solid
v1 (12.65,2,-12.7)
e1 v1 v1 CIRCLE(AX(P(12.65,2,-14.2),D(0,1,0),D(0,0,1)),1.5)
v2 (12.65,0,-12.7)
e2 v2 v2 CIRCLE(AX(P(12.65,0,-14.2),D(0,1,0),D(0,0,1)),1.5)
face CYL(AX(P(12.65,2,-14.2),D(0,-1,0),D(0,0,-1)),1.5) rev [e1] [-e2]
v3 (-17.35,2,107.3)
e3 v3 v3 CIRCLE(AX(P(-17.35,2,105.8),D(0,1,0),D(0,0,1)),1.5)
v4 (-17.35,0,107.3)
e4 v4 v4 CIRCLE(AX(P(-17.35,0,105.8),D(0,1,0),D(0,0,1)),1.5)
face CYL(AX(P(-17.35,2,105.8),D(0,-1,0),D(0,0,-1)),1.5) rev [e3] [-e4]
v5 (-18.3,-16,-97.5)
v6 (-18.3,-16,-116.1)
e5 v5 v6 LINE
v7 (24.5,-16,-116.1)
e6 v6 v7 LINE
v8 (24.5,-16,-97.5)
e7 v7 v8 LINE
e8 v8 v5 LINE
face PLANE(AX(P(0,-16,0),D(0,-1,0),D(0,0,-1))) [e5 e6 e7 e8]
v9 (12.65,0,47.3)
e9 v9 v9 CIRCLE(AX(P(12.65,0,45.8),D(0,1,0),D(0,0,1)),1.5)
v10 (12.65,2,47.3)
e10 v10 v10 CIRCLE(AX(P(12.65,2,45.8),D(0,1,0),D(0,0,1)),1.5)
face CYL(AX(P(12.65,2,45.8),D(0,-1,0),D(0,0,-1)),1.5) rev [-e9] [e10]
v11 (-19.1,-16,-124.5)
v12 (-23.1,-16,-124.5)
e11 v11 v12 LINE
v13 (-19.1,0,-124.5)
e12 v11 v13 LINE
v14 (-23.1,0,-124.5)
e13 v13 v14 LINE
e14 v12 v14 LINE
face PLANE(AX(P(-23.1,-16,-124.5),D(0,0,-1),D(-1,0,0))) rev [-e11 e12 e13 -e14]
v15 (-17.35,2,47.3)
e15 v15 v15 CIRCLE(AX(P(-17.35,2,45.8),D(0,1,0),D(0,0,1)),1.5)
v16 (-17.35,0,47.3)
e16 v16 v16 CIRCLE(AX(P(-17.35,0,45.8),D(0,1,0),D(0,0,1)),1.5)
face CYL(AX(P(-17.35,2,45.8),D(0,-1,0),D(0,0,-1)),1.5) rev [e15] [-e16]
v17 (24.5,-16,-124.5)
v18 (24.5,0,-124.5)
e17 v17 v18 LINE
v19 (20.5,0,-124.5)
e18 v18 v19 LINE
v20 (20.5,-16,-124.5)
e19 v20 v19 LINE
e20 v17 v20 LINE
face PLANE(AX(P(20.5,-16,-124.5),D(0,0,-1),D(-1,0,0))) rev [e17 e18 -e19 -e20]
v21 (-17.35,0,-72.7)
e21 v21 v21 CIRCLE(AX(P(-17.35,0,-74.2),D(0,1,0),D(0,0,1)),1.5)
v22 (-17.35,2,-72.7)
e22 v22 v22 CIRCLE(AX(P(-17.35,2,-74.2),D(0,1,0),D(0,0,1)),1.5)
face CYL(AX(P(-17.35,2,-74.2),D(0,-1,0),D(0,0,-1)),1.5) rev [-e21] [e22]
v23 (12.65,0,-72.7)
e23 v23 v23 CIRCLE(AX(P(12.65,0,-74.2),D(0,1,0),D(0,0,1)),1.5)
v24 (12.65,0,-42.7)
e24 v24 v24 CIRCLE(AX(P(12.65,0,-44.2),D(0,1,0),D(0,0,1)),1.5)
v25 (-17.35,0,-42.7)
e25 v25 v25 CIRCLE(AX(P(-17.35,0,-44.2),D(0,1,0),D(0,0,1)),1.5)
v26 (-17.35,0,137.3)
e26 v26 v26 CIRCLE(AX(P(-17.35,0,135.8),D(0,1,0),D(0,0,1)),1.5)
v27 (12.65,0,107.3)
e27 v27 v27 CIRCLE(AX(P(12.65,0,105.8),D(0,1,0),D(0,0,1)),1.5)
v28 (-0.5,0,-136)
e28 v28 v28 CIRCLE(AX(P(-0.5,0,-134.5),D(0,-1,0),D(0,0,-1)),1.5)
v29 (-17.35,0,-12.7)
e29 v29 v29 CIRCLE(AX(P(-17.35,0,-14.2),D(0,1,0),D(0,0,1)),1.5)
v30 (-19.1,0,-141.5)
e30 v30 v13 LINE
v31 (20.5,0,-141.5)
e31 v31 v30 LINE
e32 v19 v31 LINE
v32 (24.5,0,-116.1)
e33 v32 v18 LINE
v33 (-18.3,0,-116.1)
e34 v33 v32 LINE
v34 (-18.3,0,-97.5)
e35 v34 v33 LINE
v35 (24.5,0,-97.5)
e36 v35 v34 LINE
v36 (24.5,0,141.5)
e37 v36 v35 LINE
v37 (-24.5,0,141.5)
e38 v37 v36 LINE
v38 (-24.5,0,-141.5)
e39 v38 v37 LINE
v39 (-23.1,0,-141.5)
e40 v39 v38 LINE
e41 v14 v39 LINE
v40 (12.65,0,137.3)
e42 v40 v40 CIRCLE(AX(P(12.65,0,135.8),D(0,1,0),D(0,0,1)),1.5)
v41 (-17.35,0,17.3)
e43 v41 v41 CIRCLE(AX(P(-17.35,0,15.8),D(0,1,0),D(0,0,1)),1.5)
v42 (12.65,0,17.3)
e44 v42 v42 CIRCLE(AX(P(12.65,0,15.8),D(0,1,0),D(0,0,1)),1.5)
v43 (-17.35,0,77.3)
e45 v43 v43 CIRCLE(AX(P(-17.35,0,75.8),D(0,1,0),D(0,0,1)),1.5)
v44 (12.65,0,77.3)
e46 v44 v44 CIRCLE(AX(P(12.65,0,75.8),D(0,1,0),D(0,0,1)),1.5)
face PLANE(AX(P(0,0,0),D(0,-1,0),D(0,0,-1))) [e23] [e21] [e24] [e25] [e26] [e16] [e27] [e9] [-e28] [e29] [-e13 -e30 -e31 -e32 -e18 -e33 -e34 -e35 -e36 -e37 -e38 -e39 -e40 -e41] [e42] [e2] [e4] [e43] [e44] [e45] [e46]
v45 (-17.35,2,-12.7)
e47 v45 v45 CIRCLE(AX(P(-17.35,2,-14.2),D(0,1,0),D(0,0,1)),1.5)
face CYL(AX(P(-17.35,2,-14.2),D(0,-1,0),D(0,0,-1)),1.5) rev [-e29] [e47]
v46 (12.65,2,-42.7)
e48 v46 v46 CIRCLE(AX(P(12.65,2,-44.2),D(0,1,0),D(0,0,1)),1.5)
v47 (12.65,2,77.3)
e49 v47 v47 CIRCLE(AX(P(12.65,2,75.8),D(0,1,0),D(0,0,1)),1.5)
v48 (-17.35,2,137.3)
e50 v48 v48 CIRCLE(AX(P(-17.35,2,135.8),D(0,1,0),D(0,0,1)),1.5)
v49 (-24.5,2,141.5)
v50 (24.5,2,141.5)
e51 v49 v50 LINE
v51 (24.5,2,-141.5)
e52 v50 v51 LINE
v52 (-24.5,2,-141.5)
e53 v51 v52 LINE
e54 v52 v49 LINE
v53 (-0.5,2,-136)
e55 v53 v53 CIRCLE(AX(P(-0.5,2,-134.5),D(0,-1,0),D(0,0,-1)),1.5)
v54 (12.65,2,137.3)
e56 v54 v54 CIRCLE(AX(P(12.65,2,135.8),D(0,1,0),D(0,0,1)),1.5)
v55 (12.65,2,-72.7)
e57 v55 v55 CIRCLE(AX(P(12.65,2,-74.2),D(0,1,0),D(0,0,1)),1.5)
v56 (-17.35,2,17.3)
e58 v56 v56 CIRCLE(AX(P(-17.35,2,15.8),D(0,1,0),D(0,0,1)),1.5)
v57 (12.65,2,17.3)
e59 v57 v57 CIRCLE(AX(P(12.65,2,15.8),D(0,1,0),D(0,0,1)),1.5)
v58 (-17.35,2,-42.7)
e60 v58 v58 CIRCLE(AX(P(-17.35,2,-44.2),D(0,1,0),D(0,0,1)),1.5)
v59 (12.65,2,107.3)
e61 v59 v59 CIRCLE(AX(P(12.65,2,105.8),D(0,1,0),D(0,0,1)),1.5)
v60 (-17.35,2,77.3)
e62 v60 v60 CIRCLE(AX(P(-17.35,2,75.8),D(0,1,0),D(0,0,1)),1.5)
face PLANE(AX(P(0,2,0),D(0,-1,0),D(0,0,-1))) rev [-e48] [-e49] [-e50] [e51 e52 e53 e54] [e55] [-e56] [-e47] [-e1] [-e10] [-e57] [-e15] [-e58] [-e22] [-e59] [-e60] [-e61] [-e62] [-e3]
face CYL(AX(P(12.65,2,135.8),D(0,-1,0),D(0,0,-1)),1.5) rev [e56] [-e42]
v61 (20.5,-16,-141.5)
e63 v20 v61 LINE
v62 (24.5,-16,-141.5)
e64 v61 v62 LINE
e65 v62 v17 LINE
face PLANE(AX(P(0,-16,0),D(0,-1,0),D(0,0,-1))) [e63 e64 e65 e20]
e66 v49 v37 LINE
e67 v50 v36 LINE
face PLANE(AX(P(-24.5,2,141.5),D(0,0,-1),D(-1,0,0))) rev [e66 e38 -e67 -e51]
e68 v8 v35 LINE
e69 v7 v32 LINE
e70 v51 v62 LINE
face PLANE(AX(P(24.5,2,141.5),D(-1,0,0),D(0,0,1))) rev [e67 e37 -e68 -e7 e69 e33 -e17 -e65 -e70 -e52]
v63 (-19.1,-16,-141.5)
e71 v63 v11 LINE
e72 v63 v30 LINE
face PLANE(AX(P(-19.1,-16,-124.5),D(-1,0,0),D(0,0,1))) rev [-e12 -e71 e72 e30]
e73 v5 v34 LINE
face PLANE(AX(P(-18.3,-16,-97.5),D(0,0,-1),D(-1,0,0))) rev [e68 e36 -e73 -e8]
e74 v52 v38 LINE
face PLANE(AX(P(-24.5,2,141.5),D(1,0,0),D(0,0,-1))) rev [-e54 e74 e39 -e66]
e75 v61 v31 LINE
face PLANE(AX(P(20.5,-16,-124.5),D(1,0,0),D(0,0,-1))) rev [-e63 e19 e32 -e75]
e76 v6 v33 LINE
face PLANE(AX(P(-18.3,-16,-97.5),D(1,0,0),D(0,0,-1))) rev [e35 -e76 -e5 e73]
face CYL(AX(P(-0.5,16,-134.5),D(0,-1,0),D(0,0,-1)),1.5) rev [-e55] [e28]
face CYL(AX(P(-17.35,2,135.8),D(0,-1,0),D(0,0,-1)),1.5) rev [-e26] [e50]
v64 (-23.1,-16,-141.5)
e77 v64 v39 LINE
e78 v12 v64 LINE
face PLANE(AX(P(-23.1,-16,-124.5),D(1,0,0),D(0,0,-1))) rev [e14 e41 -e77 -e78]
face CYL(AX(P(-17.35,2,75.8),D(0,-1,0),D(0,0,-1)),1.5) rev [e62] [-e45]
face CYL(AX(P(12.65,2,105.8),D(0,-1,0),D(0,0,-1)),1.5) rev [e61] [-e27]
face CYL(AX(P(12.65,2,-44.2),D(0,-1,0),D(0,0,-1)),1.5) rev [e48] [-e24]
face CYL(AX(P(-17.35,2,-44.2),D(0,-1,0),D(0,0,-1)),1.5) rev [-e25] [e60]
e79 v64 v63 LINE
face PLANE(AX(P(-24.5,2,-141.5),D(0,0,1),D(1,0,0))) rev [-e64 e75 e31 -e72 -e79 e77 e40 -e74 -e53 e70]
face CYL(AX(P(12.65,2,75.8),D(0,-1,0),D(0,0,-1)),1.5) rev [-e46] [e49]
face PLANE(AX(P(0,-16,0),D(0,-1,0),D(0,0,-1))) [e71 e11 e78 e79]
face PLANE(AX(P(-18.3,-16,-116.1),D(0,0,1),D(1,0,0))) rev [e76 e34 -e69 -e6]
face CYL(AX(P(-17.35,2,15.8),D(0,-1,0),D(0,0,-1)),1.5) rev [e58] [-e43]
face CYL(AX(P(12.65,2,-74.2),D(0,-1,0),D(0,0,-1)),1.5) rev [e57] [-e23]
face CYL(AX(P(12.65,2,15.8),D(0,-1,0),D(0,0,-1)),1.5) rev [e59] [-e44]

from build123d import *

# Parameters (mm, degrees)
ESQUISSE1_W             = 49
ESQUISSE1_H             = 283
ESQUISSE1_R             = 1.5
BOSS_EXTRU_1_DEPTH      = 2
ESQUISSE2_W             = 42.8
ESQUISSE2_H             = 18.6
ESQUISSE2_W_2           = 4
ESQUISSE2_H_2           = 17
BOSS_EXTRU_2_DEPTH      = 16
ESQUISSE3_R             = 1.5
ENL_V_MAT_EXTRU_1_DEPTH = 16


with BuildPart() as part:
    # Esquisse1 → Boss.-Extru.1 (new body)
    with BuildSketch(Plane(origin=(0, 0, 0), x_dir=(1, 0, 0), z_dir=(0, 1, 0))):
        Rectangle(ESQUISSE1_W, ESQUISSE1_H)
        with Locations((12.65, 74.2)):
            Circle(ESQUISSE1_R, mode=Mode.SUBTRACT)
        with Locations((-17.35, 74.2)):
            Circle(ESQUISSE1_R, mode=Mode.SUBTRACT)
        with Locations((-17.35, 44.2)):
            Circle(ESQUISSE1_R, mode=Mode.SUBTRACT)
        with Locations((-17.35, 14.2)):
            Circle(ESQUISSE1_R, mode=Mode.SUBTRACT)
        with Locations((-17.35, -15.8)):
            Circle(ESQUISSE1_R, mode=Mode.SUBTRACT)
        with Locations((-17.35, -45.8)):
            Circle(ESQUISSE1_R, mode=Mode.SUBTRACT)
        with Locations((-17.35, -75.8)):
            Circle(ESQUISSE1_R, mode=Mode.SUBTRACT)
        with Locations((-17.35, -105.8)):
            Circle(ESQUISSE1_R, mode=Mode.SUBTRACT)
        with Locations((-17.35, -135.8)):
            Circle(ESQUISSE1_R, mode=Mode.SUBTRACT)
        with Locations((12.65, 44.2)):
            Circle(ESQUISSE1_R, mode=Mode.SUBTRACT)
        with Locations((12.65, 14.2)):
            Circle(ESQUISSE1_R, mode=Mode.SUBTRACT)
        with Locations((12.65, -15.8)):
            Circle(ESQUISSE1_R, mode=Mode.SUBTRACT)
        with Locations((12.65, -45.8)):
            Circle(ESQUISSE1_R, mode=Mode.SUBTRACT)
        with Locations((12.65, -75.8)):
            Circle(ESQUISSE1_R, mode=Mode.SUBTRACT)
        with Locations((12.65, -105.8)):
            Circle(ESQUISSE1_R, mode=Mode.SUBTRACT)
        with Locations((12.65, -135.8)):
            Circle(ESQUISSE1_R, mode=Mode.SUBTRACT)
    extrude(amount=BOSS_EXTRU_1_DEPTH)

    # Esquisse2 → Boss.-Extru.2 (add)
    with BuildSketch(Plane.XZ):
        with Locations((3.1, -106.8)):
            Rectangle(ESQUISSE2_W, ESQUISSE2_H)
        with Locations((-21.1, -133)):
            Rectangle(ESQUISSE2_W_2, ESQUISSE2_H_2)
        with Locations((22.5, -133)):
            Rectangle(ESQUISSE2_W_2, ESQUISSE2_H_2)
    extrude(amount=BOSS_EXTRU_2_DEPTH)

    # Esquisse3 → Enlèv. mat.-Extru.1 (cut)
    with BuildSketch(Plane.XZ):
        with Locations((-0.5, -134.5)):
            Circle(ESQUISSE3_R)
    extrude(amount=-ENL_V_MAT_EXTRU_1_DEPTH, mode=Mode.SUBTRACT)


solid = part.part
